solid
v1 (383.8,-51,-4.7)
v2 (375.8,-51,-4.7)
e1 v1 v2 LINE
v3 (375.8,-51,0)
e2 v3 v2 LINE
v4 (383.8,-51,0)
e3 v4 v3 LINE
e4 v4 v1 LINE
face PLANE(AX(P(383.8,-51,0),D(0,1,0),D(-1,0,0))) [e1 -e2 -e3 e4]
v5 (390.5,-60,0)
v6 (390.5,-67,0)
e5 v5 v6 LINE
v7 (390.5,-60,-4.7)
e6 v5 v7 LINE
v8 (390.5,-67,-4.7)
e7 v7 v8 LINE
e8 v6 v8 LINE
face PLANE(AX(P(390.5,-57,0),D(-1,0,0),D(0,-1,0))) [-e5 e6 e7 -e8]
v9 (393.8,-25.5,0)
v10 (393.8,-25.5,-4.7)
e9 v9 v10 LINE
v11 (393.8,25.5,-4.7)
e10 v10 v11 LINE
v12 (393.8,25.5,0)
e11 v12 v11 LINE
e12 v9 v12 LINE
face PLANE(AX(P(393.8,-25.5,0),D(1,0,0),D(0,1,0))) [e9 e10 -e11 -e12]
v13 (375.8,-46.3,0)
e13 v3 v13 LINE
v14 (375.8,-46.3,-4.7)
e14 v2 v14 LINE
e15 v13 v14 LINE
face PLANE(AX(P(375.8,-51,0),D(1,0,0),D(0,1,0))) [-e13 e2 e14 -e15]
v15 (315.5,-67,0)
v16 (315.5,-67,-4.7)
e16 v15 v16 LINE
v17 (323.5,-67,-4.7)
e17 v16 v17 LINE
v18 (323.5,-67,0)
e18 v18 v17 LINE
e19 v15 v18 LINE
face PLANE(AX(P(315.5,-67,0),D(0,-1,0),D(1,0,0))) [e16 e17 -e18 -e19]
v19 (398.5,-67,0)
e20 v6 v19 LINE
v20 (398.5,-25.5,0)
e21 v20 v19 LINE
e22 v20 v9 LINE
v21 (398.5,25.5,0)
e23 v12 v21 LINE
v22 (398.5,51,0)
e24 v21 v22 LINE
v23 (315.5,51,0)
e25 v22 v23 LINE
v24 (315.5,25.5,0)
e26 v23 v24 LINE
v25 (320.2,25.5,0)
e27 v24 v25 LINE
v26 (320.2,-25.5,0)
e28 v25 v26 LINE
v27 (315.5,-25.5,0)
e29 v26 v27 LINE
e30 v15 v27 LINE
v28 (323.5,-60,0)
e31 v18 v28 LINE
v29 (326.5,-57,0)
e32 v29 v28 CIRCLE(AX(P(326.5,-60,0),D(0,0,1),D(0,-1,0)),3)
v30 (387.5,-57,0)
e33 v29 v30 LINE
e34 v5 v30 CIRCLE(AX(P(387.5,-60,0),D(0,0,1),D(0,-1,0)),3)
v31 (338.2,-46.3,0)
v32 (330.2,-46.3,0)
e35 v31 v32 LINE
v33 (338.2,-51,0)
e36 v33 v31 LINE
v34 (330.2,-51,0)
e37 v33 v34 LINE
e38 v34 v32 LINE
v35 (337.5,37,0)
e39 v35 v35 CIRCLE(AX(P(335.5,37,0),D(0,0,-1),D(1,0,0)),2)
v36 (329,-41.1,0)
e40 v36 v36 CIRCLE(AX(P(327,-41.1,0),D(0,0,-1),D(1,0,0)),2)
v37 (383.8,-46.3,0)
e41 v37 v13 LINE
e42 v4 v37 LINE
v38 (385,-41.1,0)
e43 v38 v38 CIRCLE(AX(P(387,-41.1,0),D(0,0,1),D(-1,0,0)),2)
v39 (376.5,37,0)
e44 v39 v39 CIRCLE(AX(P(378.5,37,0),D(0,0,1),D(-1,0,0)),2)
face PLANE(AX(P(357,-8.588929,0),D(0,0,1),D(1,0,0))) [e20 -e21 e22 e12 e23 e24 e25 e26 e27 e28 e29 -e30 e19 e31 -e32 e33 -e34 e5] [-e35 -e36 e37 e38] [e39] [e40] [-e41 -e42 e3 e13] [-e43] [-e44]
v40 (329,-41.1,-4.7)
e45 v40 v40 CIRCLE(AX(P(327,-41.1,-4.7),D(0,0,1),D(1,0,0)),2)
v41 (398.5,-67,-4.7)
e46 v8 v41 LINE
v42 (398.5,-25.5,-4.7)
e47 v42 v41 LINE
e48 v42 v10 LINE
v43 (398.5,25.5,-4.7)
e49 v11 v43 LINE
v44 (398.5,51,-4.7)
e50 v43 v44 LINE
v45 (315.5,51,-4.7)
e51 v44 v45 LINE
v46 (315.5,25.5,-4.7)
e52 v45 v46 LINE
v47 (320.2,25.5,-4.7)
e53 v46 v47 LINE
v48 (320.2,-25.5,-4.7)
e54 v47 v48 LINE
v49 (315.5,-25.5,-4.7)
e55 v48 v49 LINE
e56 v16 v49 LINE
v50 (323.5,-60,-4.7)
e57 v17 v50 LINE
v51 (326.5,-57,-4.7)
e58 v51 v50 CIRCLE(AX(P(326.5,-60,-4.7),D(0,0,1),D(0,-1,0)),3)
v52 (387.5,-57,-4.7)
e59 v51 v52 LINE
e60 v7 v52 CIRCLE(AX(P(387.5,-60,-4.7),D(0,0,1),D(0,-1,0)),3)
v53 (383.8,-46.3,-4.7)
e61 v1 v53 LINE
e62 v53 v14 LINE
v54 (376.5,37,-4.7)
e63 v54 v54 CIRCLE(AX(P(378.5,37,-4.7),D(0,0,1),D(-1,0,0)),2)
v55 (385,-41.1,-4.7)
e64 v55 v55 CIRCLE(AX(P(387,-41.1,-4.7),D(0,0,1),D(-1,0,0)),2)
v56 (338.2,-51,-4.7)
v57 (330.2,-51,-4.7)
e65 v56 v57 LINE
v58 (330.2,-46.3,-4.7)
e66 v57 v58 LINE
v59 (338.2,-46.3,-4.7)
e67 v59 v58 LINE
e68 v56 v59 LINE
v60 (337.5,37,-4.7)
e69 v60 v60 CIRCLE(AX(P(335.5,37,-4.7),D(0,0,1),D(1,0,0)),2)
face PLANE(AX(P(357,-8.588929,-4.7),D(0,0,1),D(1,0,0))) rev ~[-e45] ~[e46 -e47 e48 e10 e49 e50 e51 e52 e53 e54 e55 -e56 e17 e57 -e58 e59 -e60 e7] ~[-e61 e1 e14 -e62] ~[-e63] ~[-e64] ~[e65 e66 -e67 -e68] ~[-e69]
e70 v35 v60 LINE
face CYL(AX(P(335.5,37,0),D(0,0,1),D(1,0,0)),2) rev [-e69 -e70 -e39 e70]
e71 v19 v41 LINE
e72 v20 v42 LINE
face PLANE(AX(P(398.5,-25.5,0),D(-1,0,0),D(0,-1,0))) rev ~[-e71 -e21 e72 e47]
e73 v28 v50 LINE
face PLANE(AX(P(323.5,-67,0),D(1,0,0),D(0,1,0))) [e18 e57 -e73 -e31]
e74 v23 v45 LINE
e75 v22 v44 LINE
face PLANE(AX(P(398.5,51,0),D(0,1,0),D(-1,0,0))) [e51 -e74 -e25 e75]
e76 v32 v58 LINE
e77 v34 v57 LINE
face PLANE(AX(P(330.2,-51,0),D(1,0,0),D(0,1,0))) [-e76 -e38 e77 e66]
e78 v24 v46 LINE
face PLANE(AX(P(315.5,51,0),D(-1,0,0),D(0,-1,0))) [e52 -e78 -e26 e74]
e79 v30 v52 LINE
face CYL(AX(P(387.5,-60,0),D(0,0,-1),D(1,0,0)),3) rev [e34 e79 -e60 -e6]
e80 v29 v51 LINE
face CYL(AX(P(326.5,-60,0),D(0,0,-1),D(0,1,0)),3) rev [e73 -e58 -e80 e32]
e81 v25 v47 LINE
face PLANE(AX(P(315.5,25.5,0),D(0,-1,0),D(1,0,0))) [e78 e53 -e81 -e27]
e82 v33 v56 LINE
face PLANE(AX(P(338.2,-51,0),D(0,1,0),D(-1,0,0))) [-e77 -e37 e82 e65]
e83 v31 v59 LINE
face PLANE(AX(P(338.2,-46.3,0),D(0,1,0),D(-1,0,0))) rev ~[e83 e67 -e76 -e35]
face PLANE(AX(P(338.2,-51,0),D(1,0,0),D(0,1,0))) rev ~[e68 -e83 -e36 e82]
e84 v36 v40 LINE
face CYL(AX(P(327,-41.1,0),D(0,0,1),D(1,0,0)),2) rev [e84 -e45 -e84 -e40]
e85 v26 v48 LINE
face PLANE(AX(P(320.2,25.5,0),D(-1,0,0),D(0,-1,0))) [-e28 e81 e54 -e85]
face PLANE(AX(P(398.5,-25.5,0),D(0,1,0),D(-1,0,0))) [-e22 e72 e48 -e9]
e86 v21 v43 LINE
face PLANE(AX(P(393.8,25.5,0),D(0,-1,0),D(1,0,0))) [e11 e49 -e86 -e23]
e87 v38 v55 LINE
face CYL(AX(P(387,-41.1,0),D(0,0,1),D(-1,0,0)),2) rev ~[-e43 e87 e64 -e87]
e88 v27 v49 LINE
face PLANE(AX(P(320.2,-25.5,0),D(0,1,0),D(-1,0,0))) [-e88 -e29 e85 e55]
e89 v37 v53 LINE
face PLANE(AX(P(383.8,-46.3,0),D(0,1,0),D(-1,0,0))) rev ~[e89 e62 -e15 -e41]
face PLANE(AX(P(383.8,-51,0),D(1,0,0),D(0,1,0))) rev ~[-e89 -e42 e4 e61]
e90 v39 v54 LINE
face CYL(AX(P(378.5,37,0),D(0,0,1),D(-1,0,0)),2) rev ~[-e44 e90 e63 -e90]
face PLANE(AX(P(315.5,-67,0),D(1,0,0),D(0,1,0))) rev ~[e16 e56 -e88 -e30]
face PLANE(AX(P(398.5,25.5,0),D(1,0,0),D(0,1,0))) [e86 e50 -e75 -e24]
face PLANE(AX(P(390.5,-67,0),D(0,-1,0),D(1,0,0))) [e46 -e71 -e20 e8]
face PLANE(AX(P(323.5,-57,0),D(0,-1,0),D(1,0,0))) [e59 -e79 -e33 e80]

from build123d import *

# Parameters (mm, degrees)
SKETCH014_W             = 8
SKETCH014_H             = 4.7
PAD010_DEPTH            = 4.7
FILLET003_R             = 3
SKETCH019_R             = 2
POCKET001_DEPTH         = 293.388305
BODY016_ROLL_ANGLE      = 90
BODY016_PLACEMENT_ANGLE = 180


with BuildPart() as part:
    # Sketch014 → Pad010 (new body)
    with BuildSketch(Plane.XZ):
        Polygon((-41.5, -51), (-41.5, -25.5), (-36.8, -25.5), (-36.8, 25.5), (-41.5, 25.5), (-41.5, 51), (41.5, 51), (41.5, 25.5), (36.8, 25.5), (36.8, -25.5), (41.5, -25.5), (41.5, -51), (41.5, -67), (33.5, -67), (33.5, -57), (-33.5, -57), (-33.5, -67), (-41.5, -67), align=None)
        with Locations((-22.8, -48.65)):
            Rectangle(SKETCH014_W, SKETCH014_H, mode=Mode.SUBTRACT)
        with Locations((22.8, -48.65)):
            Rectangle(SKETCH014_W, SKETCH014_H, mode=Mode.SUBTRACT)
    extrude(amount=PAD010_DEPTH)

    # Fillet003
    fillet003_edges = [part.edges().sort_by_distance(p)[0] for p in [
        (-33.5, -2.35, -57),
        (33.5, -2.35, -57),
    ]]
    fillet(fillet003_edges, radius=FILLET003_R)

    # Sketch019 (on Face2 of Fillet003) → Pocket001 (cut, through all)
    with BuildSketch(Plane(origin=(0, 0, 0), x_dir=(1, 0, 0), z_dir=(0, 1, 0))):
        with Locations((-21.5, -37)):
            Circle(SKETCH019_R)
        with Locations((-30, 41.1)):
            Circle(SKETCH019_R)
    pocket001 = extrude(amount=-POCKET001_DEPTH, mode=Mode.SUBTRACT)

    # Mirrored: Pocket001 across Sketch019 V_Axis
    add(pocket001.mirror(Plane.YZ), mode=Mode.SUBTRACT)


with BuildPart() as part_1:
    # Body010 placement: moved
    add(part.part.moved(Location((0, 41.5, 48))))


with BuildPart() as part_2:
    # Clone003 placement: moved
    add(part_1.part.moved(Location((0, -41.5, -48))))


with BuildPart() as part_3:
    # Body016 roll: moved
    add(part_2.part.rotate(Axis((0, 0, 0), (1, 0, 0)), BODY016_ROLL_ANGLE))


with BuildPart() as part_4:
    # Body016 placement: moved
    add(part_3.part.moved(Location((357, 0, 0))).rotate(Axis((357, 0, 0), (0, 0, 1)), BODY016_PLACEMENT_ANGLE))


solid = part_4.part
